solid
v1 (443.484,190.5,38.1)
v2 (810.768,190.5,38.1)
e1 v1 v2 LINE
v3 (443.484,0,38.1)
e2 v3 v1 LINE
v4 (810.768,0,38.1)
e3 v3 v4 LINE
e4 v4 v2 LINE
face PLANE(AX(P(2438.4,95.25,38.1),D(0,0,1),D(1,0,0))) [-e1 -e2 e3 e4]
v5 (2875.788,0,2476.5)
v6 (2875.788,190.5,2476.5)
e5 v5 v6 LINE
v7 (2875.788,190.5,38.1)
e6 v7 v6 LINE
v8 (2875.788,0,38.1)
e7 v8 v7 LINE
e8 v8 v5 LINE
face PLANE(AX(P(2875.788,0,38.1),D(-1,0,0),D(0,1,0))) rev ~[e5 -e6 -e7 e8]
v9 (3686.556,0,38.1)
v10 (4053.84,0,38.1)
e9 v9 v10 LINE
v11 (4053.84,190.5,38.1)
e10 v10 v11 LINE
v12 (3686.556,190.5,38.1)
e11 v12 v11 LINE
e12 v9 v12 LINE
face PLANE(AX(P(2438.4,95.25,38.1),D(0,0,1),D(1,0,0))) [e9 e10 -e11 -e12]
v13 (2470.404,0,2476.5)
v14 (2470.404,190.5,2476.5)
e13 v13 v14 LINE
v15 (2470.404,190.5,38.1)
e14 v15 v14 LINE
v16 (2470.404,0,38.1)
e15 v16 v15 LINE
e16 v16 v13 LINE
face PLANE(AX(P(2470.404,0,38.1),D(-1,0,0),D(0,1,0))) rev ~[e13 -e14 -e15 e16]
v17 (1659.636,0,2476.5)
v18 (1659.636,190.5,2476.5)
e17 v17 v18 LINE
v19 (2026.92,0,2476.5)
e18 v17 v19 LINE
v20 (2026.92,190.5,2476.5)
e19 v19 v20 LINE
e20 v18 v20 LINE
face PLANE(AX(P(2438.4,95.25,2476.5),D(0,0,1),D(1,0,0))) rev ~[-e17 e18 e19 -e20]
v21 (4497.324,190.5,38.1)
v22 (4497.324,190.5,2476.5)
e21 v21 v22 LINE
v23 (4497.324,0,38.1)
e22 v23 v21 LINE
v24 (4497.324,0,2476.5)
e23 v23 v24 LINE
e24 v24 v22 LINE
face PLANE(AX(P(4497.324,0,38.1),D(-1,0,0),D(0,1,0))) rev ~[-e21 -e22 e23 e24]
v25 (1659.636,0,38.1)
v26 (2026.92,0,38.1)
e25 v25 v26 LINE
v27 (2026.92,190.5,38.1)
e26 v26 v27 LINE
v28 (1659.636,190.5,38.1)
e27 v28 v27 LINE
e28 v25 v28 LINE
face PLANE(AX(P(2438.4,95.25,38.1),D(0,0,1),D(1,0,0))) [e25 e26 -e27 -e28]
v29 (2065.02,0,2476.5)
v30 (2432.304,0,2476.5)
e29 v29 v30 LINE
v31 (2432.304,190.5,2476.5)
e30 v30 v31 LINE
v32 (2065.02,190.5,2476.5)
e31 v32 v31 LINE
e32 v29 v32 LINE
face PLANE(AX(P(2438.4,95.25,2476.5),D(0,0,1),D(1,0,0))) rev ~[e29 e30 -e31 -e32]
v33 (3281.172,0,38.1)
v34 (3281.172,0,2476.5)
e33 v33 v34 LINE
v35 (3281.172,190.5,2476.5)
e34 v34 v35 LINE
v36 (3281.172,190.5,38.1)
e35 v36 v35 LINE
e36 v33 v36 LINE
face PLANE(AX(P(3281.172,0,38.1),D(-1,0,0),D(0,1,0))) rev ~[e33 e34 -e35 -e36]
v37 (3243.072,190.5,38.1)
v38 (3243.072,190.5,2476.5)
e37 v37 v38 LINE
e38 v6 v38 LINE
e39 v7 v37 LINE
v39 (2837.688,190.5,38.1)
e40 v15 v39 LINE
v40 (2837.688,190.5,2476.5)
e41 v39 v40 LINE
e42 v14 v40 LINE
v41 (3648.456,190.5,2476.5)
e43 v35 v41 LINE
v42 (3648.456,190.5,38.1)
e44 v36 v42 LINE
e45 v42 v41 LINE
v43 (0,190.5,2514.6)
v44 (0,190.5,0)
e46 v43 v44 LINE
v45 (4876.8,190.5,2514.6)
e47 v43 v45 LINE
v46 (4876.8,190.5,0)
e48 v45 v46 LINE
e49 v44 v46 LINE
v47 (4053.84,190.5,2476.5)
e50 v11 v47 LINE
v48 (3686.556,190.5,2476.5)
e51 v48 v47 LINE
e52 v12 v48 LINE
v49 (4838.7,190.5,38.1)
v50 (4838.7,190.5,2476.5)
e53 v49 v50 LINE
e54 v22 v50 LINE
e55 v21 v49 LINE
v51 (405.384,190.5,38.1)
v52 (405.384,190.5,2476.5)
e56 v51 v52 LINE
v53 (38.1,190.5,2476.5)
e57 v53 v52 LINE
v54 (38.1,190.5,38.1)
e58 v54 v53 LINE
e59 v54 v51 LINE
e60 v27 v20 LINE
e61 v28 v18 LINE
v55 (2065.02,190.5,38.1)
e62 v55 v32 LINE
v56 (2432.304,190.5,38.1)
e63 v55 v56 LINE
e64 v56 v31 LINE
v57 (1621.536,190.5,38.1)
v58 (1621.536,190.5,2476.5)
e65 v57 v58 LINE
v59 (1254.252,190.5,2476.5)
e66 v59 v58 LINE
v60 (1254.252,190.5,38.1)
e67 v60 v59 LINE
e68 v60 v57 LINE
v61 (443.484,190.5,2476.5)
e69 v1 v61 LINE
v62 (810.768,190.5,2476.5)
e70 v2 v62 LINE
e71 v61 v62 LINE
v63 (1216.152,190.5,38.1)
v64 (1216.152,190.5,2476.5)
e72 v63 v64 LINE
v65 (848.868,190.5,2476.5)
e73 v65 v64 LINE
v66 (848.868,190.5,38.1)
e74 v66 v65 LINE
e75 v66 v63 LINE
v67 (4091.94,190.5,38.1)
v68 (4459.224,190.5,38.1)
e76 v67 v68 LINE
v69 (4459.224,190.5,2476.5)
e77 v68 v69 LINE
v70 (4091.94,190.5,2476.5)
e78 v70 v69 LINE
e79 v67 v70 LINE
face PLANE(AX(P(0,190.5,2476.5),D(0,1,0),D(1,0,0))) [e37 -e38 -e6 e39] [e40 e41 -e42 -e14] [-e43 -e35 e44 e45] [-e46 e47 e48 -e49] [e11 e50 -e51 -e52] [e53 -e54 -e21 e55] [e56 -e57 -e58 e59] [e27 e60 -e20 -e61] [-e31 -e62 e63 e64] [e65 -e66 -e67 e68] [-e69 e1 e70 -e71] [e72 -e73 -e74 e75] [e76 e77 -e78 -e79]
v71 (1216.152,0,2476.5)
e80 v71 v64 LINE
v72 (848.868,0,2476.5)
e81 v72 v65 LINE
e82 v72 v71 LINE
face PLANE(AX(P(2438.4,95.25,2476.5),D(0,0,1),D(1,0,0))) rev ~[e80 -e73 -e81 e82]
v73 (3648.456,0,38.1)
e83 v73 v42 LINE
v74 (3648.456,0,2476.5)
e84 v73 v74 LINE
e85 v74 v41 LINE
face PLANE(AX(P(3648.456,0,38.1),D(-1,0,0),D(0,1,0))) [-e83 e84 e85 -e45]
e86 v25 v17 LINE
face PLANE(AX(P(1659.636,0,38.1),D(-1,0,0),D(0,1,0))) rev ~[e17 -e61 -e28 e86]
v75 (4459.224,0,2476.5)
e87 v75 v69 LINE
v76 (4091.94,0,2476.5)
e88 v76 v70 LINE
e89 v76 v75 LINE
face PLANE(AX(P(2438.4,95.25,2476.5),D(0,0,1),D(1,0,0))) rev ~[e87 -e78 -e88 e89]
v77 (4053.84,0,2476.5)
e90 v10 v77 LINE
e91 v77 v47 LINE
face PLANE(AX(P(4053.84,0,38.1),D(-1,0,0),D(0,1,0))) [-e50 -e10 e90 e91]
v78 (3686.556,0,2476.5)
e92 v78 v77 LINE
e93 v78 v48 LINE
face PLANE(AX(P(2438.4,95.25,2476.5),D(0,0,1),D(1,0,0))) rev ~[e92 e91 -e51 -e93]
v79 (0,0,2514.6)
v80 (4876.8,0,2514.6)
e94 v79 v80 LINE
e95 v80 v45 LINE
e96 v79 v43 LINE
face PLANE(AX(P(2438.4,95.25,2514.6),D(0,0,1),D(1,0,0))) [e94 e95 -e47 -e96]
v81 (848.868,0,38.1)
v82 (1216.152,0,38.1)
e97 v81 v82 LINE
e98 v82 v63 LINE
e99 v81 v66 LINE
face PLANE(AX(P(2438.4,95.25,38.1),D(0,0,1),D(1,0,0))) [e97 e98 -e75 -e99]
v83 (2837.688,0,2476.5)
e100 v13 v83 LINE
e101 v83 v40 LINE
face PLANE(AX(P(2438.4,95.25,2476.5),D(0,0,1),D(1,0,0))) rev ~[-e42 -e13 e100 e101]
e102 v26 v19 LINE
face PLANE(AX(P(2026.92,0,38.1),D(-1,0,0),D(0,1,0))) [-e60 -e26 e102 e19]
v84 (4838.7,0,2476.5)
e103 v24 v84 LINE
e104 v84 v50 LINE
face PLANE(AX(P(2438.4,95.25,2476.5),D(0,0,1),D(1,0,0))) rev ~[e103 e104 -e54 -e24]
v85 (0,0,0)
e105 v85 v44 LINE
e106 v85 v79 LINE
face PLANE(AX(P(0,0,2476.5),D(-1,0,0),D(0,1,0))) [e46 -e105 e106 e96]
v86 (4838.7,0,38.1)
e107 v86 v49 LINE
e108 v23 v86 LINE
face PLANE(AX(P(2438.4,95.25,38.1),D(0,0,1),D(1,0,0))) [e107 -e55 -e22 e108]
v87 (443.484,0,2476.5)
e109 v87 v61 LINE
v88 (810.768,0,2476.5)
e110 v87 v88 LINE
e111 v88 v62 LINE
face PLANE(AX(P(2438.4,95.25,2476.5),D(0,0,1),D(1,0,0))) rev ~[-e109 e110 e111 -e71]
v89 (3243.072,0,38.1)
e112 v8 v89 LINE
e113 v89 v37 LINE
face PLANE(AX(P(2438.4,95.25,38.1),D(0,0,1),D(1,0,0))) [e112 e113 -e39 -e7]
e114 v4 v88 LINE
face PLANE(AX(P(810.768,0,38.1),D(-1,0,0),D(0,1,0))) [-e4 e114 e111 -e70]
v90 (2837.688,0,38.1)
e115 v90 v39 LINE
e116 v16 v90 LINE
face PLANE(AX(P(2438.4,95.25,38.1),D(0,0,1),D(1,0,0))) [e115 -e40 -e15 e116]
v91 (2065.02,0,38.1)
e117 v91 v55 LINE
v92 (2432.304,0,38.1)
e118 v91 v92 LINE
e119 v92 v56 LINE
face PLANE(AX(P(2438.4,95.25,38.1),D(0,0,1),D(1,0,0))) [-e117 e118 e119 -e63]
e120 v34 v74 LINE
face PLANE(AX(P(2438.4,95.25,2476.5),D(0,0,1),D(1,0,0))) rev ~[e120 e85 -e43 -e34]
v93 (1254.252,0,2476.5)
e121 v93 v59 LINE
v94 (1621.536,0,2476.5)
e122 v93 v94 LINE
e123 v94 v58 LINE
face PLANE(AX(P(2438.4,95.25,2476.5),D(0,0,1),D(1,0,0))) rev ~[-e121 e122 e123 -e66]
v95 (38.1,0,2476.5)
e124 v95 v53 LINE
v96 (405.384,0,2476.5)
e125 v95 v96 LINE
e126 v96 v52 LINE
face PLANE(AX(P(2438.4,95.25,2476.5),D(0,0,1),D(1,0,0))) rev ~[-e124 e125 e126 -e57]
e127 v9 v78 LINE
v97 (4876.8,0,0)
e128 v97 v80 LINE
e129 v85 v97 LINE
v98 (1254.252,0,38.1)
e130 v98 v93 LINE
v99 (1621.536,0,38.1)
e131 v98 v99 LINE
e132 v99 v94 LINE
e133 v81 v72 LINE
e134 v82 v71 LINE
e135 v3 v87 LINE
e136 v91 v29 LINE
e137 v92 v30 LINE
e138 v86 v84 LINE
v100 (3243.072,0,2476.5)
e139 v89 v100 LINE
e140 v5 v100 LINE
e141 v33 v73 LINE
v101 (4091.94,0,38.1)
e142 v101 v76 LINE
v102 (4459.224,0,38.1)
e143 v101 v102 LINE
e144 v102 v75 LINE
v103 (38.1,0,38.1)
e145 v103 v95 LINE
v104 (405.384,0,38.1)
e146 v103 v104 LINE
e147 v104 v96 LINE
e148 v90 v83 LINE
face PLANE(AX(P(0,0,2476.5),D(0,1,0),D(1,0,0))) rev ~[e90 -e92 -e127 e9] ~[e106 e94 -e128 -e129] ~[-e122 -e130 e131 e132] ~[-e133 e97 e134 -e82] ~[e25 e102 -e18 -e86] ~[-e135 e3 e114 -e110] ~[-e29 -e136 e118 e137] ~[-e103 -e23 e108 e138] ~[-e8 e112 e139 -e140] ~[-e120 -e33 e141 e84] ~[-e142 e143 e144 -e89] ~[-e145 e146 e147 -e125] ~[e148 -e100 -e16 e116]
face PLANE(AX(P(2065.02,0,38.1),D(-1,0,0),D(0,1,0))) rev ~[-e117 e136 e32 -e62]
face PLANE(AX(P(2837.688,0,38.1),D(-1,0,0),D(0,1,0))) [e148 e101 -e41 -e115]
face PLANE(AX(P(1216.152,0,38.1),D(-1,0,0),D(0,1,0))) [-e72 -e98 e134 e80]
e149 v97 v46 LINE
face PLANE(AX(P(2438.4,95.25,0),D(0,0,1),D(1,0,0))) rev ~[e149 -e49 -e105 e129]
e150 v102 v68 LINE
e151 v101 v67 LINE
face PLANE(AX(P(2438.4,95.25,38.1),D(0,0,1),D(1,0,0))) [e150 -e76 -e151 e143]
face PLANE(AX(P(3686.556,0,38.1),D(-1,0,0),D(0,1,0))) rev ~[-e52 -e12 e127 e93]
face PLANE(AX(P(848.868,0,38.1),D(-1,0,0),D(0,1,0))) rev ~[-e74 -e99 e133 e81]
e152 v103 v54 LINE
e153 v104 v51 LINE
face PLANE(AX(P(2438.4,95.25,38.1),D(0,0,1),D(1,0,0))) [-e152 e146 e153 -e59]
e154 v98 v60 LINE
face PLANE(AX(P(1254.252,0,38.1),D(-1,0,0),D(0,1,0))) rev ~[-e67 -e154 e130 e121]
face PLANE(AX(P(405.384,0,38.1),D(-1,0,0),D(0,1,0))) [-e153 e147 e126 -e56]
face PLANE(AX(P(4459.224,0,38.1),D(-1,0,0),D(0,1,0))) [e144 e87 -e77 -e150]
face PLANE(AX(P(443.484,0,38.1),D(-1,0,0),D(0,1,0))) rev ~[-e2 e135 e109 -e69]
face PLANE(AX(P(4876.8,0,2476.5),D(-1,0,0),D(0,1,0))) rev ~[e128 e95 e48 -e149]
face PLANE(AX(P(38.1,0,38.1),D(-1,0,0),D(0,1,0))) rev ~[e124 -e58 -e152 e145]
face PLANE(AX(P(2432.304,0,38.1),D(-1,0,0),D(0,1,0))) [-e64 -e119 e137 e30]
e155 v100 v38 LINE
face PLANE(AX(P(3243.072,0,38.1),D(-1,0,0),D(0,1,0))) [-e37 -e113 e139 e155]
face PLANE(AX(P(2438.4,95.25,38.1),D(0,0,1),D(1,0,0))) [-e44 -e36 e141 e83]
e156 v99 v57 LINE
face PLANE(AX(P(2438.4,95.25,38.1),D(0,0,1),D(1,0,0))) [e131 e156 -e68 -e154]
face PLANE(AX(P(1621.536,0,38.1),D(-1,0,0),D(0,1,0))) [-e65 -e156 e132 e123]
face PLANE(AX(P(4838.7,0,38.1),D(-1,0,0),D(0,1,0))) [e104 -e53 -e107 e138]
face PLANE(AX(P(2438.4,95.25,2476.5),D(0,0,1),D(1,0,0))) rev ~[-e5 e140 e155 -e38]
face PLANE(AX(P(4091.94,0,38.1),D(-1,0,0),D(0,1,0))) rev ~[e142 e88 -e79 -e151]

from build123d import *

# Parameters (mm, degrees)
F0_W     = 4876.8
F0_H     = 190.5
F1_DEPTH = 38.1
F2_W     = 38.1
F2_H     = 190.5
F3_DEPTH = 2438.4
F4_W     = 4876.8
F4_H     = 190.5
F5_DEPTH = 38.1


with BuildPart() as f1:
    # F0 (on Top) → F1 (new body)
    with BuildSketch(Plane.XY):
        with Locations((2438.4, 95.25)):
            Rectangle(F0_W, F0_H)
    extrude(amount=F1_DEPTH)

    # F2 (on face) → F3 (join)
    with BuildSketch(Plane.XY.offset(38.1)):
        with Locations((19.05, 95.25)):
            Rectangle(F2_W, F2_H)
        with Locations((424.434, 95.25)):
            Rectangle(F2_W, F2_H)
        with Locations((829.818, 95.25)):
            Rectangle(F2_W, F2_H)
        with Locations((1235.202, 95.25)):
            Rectangle(F2_W, F2_H)
        with Locations((1640.586, 95.25)):
            Rectangle(F2_W, F2_H)
        with Locations((2045.97, 95.25)):
            Rectangle(F2_W, F2_H)
        with Locations((2451.354, 95.25)):
            Rectangle(F2_W, F2_H)
        with Locations((2856.738, 95.25)):
            Rectangle(F2_W, F2_H)
        with Locations((3262.122, 95.25)):
            Rectangle(F2_W, F2_H)
        with Locations((3667.506, 95.25)):
            Rectangle(F2_W, F2_H)
        with Locations((4072.89, 95.25)):
            Rectangle(F2_W, F2_H)
        with Locations((4478.274, 95.25)):
            Rectangle(F2_W, F2_H)
        with Locations((4857.75, 95.25)):
            Rectangle(F2_W, F2_H)
    extrude(amount=F3_DEPTH)

    # F4 (on face) → F5 (join)
    with BuildSketch(Plane.XY.offset(2476.5)):
        with Locations((2438.4, 95.25)):
            Rectangle(F4_W, F4_H)
    extrude(amount=F5_DEPTH)


solid = f1.part
